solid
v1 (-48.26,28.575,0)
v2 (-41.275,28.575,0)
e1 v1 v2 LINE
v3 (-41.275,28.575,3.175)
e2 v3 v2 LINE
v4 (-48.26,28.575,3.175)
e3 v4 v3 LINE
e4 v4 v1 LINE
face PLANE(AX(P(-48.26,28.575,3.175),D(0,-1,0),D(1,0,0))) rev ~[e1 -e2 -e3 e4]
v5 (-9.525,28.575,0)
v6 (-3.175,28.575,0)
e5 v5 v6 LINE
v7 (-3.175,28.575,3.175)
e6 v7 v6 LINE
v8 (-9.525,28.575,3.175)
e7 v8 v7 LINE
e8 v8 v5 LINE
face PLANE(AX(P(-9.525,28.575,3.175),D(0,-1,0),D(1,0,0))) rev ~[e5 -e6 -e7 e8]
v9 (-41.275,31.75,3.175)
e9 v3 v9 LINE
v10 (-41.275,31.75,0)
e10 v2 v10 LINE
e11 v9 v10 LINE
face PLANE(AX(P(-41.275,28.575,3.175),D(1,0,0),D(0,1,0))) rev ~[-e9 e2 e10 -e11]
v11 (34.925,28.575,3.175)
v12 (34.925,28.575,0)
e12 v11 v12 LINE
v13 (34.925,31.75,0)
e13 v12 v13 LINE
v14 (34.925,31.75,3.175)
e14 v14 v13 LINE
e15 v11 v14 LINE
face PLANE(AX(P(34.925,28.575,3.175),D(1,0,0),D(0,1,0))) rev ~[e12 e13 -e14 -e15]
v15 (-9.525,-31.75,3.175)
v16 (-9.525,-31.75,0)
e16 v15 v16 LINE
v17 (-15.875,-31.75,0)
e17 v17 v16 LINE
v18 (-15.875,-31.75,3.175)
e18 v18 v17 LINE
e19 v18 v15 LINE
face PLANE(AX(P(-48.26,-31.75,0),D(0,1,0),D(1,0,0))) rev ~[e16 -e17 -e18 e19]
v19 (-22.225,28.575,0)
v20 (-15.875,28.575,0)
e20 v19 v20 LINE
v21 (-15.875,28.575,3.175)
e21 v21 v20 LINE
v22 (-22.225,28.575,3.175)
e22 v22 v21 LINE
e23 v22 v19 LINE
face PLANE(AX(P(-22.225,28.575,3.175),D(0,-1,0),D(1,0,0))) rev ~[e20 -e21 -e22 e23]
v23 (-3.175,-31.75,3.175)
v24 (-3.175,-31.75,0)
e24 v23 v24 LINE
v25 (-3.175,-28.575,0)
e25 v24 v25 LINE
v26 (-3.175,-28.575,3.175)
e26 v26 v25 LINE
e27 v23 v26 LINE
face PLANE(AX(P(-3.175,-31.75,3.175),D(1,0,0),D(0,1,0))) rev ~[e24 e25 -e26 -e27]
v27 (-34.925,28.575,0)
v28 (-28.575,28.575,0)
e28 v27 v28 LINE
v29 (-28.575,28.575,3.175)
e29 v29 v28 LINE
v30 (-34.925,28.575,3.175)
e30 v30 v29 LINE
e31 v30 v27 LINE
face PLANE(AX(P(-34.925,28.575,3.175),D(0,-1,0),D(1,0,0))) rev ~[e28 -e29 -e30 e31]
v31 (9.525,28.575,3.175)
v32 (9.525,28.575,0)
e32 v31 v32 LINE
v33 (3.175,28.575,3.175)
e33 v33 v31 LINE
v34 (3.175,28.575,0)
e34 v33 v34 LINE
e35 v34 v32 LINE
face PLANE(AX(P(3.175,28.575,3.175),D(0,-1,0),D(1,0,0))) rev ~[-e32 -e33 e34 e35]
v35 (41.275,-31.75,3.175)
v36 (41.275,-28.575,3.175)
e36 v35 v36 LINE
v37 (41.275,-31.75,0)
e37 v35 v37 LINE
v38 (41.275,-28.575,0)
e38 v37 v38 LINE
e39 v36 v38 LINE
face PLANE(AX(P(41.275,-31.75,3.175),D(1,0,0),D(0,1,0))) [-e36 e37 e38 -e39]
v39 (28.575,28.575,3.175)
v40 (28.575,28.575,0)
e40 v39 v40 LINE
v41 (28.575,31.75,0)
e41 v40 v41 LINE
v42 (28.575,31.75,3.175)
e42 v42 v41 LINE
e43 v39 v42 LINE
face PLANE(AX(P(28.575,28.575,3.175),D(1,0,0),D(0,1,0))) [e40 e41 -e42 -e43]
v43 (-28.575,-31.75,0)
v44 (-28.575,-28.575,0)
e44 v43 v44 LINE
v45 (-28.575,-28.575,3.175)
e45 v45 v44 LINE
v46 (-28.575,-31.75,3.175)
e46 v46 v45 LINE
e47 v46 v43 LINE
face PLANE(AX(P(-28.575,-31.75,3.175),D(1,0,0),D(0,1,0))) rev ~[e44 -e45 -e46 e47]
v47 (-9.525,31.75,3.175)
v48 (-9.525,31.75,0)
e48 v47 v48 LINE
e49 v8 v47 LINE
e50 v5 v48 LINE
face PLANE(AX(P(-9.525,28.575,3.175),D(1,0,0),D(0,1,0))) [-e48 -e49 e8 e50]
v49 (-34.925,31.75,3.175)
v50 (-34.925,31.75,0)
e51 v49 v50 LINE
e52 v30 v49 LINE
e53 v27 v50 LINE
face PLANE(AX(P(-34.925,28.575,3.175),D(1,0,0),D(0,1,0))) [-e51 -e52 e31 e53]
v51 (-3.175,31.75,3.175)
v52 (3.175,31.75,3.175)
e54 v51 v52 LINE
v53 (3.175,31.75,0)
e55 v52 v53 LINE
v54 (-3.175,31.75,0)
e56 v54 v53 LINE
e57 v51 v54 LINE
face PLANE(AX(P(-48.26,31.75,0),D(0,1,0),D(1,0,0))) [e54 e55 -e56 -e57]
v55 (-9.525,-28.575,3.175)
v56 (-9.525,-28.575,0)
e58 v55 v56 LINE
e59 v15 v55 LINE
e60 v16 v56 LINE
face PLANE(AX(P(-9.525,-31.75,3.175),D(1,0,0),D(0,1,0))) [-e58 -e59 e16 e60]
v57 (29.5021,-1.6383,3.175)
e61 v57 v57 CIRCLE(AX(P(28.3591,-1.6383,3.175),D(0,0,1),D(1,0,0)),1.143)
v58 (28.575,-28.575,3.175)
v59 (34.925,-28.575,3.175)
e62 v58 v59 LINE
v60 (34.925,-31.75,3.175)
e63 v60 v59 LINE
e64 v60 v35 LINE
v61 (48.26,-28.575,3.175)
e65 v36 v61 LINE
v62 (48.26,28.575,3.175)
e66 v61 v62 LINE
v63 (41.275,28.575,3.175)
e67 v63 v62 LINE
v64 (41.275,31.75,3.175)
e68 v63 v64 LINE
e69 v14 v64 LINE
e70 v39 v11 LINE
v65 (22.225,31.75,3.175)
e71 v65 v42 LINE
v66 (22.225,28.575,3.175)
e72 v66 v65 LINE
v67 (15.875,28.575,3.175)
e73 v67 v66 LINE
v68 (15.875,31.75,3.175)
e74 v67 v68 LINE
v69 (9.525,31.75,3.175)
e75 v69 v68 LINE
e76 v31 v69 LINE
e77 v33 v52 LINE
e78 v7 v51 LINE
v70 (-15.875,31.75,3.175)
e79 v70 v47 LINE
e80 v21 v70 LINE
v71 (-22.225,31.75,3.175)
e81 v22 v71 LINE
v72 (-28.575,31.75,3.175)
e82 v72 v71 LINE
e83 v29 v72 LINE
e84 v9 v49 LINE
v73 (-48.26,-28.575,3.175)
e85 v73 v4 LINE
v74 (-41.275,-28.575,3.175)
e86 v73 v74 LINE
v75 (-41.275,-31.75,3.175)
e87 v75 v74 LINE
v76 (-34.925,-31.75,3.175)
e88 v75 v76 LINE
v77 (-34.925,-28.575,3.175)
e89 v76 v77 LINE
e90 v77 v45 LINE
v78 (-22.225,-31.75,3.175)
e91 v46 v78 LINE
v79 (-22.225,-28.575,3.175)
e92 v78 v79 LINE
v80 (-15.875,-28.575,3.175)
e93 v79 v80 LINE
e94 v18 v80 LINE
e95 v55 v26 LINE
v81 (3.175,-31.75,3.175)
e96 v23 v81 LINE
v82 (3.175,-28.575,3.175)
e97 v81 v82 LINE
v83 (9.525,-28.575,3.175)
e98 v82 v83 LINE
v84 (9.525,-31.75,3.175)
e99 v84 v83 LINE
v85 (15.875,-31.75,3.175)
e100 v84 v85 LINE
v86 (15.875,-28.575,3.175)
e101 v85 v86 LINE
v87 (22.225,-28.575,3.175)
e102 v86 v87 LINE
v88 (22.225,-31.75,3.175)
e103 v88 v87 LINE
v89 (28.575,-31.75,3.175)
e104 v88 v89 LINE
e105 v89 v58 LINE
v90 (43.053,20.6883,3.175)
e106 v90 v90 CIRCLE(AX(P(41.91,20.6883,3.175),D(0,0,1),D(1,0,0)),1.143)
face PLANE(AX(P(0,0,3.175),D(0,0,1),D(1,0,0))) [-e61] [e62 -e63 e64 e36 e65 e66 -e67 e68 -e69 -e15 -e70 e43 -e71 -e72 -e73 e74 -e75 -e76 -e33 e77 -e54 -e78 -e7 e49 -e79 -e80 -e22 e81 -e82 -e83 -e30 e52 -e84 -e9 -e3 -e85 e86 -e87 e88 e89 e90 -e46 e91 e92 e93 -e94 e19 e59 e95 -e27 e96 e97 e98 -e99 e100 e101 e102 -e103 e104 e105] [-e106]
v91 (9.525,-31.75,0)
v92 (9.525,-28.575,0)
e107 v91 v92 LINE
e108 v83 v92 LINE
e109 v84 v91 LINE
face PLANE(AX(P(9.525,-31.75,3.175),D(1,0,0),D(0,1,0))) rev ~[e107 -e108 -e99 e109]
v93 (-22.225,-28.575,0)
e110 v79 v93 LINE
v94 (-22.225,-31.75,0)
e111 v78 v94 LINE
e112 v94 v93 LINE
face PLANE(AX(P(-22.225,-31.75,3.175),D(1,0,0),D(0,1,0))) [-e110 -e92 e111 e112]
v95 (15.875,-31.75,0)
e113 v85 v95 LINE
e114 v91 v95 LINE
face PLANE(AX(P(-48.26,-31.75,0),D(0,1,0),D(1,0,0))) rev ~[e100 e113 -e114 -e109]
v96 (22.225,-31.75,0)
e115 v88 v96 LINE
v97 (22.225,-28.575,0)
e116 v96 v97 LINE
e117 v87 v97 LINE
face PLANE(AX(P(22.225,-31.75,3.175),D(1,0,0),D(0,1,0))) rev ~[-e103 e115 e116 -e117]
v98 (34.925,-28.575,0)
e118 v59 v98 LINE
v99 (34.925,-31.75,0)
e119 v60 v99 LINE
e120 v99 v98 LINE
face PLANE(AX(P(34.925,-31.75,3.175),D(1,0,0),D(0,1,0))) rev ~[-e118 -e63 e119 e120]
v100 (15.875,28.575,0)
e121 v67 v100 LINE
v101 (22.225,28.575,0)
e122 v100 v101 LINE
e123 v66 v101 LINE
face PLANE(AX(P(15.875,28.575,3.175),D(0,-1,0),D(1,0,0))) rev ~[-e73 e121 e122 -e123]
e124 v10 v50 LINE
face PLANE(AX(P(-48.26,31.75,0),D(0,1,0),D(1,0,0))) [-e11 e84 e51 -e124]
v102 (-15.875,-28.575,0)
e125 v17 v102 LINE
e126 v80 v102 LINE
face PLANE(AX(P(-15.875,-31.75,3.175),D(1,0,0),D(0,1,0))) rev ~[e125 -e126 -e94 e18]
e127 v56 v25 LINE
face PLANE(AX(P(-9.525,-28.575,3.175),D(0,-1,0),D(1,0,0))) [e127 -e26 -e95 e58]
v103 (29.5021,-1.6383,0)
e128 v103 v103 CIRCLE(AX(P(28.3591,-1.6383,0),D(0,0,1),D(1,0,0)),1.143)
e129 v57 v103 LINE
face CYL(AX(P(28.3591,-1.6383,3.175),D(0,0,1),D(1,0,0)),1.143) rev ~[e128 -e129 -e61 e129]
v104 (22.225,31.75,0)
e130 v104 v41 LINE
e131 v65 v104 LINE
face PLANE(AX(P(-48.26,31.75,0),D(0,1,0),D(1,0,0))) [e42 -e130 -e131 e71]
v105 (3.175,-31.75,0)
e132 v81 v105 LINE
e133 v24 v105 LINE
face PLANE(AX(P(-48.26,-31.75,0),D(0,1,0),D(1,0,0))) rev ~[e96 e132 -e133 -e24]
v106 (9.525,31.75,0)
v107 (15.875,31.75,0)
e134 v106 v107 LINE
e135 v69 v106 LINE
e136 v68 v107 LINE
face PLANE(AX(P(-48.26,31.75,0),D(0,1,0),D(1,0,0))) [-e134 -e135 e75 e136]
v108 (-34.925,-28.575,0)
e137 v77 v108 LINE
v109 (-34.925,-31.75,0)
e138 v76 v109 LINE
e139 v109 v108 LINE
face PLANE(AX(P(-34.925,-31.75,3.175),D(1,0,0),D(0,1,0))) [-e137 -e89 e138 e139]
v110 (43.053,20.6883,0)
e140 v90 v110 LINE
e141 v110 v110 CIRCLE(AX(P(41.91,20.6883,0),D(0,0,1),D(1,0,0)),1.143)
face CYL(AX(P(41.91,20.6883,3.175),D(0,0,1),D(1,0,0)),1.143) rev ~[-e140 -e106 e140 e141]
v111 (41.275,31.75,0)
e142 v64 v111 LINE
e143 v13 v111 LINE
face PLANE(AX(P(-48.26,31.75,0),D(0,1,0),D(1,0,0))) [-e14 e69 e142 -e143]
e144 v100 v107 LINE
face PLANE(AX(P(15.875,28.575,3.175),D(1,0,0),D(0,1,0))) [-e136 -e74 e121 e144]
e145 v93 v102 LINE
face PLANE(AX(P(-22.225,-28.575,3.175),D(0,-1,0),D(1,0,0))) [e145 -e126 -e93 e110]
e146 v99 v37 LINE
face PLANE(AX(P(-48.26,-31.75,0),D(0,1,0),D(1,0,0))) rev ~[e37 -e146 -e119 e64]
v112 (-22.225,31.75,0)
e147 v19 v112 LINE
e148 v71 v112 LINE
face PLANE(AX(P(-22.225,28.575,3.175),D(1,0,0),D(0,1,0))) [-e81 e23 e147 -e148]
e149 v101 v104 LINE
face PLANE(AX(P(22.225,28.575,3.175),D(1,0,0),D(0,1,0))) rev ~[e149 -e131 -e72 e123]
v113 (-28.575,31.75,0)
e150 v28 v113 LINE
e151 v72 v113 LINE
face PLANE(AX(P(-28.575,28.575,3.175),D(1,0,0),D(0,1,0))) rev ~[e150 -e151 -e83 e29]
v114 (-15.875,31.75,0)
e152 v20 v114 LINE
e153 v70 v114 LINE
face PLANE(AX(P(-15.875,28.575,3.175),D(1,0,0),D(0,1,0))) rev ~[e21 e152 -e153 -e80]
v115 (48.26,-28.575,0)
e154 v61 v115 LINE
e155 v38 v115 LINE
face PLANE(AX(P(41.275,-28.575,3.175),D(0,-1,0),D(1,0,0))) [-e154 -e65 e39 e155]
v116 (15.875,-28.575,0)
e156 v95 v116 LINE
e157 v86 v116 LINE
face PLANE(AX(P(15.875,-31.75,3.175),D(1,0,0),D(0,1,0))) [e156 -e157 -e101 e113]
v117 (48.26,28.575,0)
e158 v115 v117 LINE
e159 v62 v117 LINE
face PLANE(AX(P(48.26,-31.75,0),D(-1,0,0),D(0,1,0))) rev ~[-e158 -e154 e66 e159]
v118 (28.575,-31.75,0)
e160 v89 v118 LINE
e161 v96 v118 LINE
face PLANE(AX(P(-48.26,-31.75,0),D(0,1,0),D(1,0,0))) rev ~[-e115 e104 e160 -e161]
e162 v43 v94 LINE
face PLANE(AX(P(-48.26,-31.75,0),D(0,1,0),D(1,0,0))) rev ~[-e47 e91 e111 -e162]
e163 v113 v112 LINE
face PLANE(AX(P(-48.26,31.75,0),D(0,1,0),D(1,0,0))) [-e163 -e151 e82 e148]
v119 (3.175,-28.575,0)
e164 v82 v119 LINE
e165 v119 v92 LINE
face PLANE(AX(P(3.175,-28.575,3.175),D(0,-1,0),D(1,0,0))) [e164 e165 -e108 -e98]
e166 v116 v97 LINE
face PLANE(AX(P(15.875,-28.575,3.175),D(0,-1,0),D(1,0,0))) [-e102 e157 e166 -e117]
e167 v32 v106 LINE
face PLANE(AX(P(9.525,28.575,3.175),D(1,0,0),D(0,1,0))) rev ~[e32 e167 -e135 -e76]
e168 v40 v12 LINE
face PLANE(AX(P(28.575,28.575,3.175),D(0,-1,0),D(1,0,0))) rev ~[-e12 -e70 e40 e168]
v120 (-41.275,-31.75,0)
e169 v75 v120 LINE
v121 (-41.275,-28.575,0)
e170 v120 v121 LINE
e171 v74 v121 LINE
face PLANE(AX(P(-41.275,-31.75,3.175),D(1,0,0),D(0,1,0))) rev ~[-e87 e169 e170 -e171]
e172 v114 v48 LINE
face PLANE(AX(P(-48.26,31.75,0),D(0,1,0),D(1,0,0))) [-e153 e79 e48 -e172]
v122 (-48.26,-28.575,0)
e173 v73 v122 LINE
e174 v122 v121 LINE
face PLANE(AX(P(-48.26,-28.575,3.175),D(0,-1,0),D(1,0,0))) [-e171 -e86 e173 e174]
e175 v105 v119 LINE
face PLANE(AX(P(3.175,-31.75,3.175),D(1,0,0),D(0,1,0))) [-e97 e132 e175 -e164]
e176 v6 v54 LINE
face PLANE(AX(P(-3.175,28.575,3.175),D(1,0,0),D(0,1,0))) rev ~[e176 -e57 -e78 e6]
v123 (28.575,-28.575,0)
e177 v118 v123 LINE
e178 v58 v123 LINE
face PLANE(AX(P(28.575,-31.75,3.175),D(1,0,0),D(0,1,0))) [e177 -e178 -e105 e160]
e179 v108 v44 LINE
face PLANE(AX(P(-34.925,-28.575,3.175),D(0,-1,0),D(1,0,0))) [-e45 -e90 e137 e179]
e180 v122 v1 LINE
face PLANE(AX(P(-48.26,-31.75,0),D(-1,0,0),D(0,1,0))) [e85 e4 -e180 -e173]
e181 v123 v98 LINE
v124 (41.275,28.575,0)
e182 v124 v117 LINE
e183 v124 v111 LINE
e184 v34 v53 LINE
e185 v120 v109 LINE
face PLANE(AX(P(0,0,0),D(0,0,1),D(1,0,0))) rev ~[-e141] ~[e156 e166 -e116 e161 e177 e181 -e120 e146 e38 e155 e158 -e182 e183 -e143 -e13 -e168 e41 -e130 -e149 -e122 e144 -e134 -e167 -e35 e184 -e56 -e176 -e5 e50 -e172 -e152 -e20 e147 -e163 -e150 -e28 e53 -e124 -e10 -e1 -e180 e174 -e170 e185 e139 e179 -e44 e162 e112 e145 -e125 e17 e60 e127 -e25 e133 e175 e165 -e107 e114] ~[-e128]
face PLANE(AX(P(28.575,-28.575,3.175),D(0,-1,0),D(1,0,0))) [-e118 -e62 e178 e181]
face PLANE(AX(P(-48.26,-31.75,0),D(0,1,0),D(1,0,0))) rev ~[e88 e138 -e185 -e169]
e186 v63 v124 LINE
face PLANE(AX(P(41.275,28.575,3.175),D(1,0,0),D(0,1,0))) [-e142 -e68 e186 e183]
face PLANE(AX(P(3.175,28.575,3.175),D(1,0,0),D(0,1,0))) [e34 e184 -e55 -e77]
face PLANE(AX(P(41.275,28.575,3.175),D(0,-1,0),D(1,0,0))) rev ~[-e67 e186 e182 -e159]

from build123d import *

# Parameters (mm, degrees)
SKETCH1_W           = 96.52
SKETCH1_H           = 63.5
BOSS_EXTRUDE1_DEPTH = 3.175
SKETCH2_W           = 6.985
SKETCH2_H           = 3.175
SKETCH2_W_2         = 6.35
CUT_EXTRUDE1_DEPTH  = 4.175
SKETCH3_R           = 1.143
CUT_EXTRUDE2_DEPTH  = 4.175


with BuildPart() as part:
    # Sketch1 → Boss-Extrude1 (new body)
    with BuildSketch(Plane.XY):
        Rectangle(SKETCH1_W, SKETCH1_H)
    extrude(amount=BOSS_EXTRUDE1_DEPTH)

    # Sketch2 → Cut-Extrude1 (cut, through all)
    with BuildSketch(Plane.XY.offset(3.175)):
        with Locations((-44.7675, -30.1625)):
            Rectangle(SKETCH2_W, SKETCH2_H)
        with Locations((-31.75, -30.1625)):
            Rectangle(SKETCH2_W_2, SKETCH2_H)
        with Locations((-19.05, -30.1625)):
            Rectangle(SKETCH2_W_2, SKETCH2_H)
        with Locations((-6.35, -30.1625)):
            Rectangle(SKETCH2_W_2, SKETCH2_H)
        with Locations((6.35, -30.1625)):
            Rectangle(SKETCH2_W_2, SKETCH2_H)
        with Locations((19.05, -30.1625)):
            Rectangle(SKETCH2_W_2, SKETCH2_H)
        with Locations((31.75, -30.1625)):
            Rectangle(SKETCH2_W_2, SKETCH2_H)
        with Locations((44.7675, -30.1625)):
            Rectangle(SKETCH2_W, SKETCH2_H)
        with Locations((44.7675, 30.1625)):
            Rectangle(SKETCH2_W, SKETCH2_H)
        with Locations((31.75, 30.1625)):
            Rectangle(SKETCH2_W_2, SKETCH2_H)
        with Locations((19.05, 30.1625)):
            Rectangle(SKETCH2_W_2, SKETCH2_H)
        with Locations((6.35, 30.1625)):
            Rectangle(SKETCH2_W_2, SKETCH2_H)
        with Locations((-6.35, 30.1625)):
            Rectangle(SKETCH2_W_2, SKETCH2_H)
        with Locations((-19.05, 30.1625)):
            Rectangle(SKETCH2_W_2, SKETCH2_H)
        with Locations((-31.75, 30.1625)):
            Rectangle(SKETCH2_W_2, SKETCH2_H)
        with Locations((-44.7675, 30.1625)):
            Rectangle(SKETCH2_W, SKETCH2_H)
    extrude(amount=-CUT_EXTRUDE1_DEPTH, mode=Mode.SUBTRACT)

    # Sketch3 → Cut-Extrude2 (cut, through all)
    with BuildSketch(Plane.XY.offset(3.175)):
        with Locations((28.3591, -1.6383)):
            Circle(SKETCH3_R)
        with Locations((41.91, 20.6883)):
            Circle(SKETCH3_R)
    extrude(amount=-CUT_EXTRUDE2_DEPTH, mode=Mode.SUBTRACT)


solid = part.part
